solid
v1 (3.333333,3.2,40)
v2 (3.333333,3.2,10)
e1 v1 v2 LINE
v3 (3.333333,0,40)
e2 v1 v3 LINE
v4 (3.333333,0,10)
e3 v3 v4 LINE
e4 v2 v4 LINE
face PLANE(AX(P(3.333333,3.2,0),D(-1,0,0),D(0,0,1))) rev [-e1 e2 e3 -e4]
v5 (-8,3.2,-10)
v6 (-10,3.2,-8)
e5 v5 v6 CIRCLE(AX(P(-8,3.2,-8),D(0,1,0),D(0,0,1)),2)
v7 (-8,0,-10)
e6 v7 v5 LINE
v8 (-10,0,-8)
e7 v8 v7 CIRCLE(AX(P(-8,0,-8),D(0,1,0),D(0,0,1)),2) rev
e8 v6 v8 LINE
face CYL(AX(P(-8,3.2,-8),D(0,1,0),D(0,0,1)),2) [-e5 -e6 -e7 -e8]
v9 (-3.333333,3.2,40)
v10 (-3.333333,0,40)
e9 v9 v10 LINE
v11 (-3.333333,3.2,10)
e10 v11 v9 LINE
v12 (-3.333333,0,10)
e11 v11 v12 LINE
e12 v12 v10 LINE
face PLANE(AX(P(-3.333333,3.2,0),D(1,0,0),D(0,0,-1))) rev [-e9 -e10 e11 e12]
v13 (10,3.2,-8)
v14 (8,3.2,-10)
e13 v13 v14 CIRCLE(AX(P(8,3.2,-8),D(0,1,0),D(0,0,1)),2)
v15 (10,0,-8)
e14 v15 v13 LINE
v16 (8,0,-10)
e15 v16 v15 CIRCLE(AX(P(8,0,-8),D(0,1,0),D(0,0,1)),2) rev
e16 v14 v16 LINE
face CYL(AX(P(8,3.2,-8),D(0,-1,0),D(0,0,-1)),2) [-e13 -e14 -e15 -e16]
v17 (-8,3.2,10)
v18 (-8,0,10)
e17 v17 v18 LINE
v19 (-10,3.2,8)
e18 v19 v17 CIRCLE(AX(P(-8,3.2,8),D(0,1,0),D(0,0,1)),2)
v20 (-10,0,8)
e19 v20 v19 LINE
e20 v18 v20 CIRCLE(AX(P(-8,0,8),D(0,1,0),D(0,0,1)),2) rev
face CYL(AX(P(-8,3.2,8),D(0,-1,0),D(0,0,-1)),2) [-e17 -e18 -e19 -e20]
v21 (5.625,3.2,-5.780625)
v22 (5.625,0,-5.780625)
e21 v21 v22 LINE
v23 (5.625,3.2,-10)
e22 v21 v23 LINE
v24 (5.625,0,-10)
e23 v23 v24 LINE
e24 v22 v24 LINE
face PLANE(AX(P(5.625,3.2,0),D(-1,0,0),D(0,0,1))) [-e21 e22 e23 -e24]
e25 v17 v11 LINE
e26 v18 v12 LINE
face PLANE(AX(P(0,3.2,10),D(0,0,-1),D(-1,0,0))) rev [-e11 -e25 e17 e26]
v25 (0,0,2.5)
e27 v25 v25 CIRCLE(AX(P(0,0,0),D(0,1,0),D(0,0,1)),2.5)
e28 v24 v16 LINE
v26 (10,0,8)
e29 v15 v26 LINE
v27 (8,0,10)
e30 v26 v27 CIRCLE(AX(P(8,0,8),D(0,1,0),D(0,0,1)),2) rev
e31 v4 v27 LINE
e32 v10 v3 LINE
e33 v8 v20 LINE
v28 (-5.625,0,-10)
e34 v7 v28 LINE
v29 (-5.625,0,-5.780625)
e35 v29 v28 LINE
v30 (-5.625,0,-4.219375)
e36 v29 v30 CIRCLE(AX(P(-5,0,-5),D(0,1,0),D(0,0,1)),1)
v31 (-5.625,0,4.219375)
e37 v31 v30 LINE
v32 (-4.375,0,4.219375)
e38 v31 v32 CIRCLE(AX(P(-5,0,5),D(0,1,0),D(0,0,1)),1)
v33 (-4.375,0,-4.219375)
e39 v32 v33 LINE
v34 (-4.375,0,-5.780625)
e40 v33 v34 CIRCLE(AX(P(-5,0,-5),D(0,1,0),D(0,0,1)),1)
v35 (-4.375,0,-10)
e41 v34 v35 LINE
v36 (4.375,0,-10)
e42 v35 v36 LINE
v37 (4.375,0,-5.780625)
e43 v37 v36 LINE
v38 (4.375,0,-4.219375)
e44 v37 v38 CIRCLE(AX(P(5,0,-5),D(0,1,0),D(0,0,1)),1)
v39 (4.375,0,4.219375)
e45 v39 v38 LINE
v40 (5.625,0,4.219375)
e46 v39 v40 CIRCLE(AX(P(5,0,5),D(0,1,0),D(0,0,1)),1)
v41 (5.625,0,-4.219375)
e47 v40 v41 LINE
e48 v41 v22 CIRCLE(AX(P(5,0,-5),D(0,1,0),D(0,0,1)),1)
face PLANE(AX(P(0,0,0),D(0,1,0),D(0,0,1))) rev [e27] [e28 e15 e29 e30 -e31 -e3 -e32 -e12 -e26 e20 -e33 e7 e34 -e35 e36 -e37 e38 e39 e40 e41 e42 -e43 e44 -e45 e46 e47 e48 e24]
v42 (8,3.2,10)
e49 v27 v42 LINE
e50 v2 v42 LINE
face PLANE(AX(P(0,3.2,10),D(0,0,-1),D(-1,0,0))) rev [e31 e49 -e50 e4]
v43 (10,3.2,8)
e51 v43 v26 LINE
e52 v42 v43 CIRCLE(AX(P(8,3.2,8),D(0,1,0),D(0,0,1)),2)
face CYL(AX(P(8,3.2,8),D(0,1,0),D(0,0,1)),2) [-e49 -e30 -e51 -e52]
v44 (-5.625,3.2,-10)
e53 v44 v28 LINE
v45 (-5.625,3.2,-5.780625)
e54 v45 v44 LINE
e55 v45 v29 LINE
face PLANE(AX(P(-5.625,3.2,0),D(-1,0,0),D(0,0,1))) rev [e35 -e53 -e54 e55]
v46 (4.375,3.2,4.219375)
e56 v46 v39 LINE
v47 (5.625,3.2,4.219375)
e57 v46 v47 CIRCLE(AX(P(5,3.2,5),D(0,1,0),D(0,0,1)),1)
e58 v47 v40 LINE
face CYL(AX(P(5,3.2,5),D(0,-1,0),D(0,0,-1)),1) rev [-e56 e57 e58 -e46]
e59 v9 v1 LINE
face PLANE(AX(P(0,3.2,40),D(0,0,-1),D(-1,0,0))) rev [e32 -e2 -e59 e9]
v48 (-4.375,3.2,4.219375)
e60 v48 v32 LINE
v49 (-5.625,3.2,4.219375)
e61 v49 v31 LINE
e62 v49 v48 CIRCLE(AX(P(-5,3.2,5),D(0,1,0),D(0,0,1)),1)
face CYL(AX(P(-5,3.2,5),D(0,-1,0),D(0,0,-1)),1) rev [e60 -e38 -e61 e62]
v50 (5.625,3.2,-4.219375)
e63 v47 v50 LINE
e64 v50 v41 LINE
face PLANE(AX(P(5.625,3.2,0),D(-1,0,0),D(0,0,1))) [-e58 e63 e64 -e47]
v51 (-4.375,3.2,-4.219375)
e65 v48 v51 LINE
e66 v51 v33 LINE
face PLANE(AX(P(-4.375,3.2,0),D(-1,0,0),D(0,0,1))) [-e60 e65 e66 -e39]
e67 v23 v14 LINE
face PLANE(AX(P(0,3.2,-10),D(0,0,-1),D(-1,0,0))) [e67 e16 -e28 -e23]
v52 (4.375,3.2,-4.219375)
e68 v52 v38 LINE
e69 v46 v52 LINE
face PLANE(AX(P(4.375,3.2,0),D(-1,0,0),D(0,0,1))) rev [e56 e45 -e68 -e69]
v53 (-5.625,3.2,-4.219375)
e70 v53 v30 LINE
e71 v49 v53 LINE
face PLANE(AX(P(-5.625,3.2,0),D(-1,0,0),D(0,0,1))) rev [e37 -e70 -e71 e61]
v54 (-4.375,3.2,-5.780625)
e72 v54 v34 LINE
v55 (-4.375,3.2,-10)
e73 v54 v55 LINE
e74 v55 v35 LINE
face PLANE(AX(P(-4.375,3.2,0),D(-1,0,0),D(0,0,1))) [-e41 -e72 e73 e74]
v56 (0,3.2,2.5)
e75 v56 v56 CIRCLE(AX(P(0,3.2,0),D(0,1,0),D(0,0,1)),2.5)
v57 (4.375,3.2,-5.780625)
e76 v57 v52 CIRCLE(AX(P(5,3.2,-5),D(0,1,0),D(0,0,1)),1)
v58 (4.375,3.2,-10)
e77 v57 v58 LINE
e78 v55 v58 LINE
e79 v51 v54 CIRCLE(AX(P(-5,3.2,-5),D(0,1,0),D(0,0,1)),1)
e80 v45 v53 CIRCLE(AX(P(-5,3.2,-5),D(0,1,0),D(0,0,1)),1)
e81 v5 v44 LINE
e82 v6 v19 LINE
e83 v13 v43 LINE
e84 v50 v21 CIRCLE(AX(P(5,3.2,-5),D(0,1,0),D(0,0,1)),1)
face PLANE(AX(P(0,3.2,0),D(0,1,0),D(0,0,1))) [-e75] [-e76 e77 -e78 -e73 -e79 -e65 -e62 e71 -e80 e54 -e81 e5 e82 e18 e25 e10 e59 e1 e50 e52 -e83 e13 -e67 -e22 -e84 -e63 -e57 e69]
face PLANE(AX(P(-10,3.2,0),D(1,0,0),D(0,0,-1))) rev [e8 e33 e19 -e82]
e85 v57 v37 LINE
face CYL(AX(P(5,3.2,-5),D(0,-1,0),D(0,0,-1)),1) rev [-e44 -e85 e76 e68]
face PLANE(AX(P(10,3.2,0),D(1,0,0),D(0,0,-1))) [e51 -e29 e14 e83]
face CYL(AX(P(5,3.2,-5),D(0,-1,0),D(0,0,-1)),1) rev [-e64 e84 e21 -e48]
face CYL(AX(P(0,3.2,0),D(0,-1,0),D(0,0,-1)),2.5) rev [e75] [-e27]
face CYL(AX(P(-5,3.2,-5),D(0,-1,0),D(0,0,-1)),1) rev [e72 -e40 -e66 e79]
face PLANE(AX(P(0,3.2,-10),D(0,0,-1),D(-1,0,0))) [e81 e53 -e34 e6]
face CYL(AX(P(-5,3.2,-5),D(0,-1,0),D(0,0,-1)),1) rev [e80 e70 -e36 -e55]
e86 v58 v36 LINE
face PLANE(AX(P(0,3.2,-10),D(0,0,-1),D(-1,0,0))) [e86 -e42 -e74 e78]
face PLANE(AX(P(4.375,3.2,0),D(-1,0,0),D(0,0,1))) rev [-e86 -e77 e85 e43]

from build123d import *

# Parameters (mm, degrees)
BASE_SKETCH_R       = 2.5
BOSS_EXTRUDE1_DEPTH = 3.2
FILLET1_R           = 2


with BuildPart() as part:
    # Base_Sketch → Boss-Extrude1 (new body)
    with BuildSketch(Plane(origin=(0, 0, 0), x_dir=(1, 0, 0), z_dir=(0, 1, 0))):
        with BuildLine():
            Line((-5.625, 10), (-10, 10))
            Line((-10, 10), (-10, -10))
            Line((-10, -10), (-3.333333333, -10))
            Line((-3.333333333, -10), (-3.333333333, -40))
            Line((-3.333333333, -40), (3.333333333, -40))
            Line((3.333333333, -40), (3.333333333, -10))
            Line((3.333333333, -10), (10, -10))
            Line((10, -10), (10, 10))
            Line((10, 10), (5.625, 10))
            Line((5.625, 10), (5.625, 5.78062475))
            ThreePointArc((5.625, 5.78062475), (5.901387819, 5.433012702), (6, 5))
            ThreePointArc((6, 5), (5.901387819, 4.566987298), (5.625, 4.21937525))
            Line((5.625, 4.21937525), (5.625, -4.21937525))
            ThreePointArc((5.625, -4.21937525), (5.901387819, -4.566987298), (6, -5))
            ThreePointArc((6, -5), (4.566987298, -5.901387819), (4.375, -4.21937525))
            Line((4.375, -4.21937525), (4.375, 4.21937525))
            ThreePointArc((4.375, 4.21937525), (4, 5), (4.375, 5.78062475))
            Line((4.375, 5.78062475), (4.375, 10))
            Line((4.375, 10), (-4.375, 10))
            Line((-4.375, 10), (-4.375, 5.78062475))
            ThreePointArc((-4.375, 5.78062475), (-4.098612181, 5.433012702), (-4, 5))
            ThreePointArc((-4, 5), (-4.098612181, 4.566987298), (-4.375, 4.21937525))
            Line((-4.375, 4.21937525), (-4.375, -4.21937525))
            ThreePointArc((-4.375, -4.21937525), (-4.098612181, -4.566987298), (-4, -5))
            ThreePointArc((-4, -5), (-5.433012702, -5.901387819), (-5.625, -4.21937525))
            Line((-5.625, -4.21937525), (-5.625, 4.21937525))
            ThreePointArc((-5.625, 4.21937525), (-6, 5), (-5.625, 5.78062475))
            Line((-5.625, 5.78062475), (-5.625, 10))
        make_face()
        with Locations(Location((0, 0, 0), (0, 0, 270))):
            Circle(BASE_SKETCH_R, mode=Mode.SUBTRACT)
    extrude(amount=BOSS_EXTRUDE1_DEPTH)

    # Fillet1
    fillet1_edges = [part.edges().sort_by_distance(p)[0] for p in [
        (10, 1.6, -10),
        (10, 1.6, 10),
        (-10, 1.6, 10),
        (-10, 1.6, -10),
    ]]
    fillet(fillet1_edges, radius=FILLET1_R)


solid = part.part
